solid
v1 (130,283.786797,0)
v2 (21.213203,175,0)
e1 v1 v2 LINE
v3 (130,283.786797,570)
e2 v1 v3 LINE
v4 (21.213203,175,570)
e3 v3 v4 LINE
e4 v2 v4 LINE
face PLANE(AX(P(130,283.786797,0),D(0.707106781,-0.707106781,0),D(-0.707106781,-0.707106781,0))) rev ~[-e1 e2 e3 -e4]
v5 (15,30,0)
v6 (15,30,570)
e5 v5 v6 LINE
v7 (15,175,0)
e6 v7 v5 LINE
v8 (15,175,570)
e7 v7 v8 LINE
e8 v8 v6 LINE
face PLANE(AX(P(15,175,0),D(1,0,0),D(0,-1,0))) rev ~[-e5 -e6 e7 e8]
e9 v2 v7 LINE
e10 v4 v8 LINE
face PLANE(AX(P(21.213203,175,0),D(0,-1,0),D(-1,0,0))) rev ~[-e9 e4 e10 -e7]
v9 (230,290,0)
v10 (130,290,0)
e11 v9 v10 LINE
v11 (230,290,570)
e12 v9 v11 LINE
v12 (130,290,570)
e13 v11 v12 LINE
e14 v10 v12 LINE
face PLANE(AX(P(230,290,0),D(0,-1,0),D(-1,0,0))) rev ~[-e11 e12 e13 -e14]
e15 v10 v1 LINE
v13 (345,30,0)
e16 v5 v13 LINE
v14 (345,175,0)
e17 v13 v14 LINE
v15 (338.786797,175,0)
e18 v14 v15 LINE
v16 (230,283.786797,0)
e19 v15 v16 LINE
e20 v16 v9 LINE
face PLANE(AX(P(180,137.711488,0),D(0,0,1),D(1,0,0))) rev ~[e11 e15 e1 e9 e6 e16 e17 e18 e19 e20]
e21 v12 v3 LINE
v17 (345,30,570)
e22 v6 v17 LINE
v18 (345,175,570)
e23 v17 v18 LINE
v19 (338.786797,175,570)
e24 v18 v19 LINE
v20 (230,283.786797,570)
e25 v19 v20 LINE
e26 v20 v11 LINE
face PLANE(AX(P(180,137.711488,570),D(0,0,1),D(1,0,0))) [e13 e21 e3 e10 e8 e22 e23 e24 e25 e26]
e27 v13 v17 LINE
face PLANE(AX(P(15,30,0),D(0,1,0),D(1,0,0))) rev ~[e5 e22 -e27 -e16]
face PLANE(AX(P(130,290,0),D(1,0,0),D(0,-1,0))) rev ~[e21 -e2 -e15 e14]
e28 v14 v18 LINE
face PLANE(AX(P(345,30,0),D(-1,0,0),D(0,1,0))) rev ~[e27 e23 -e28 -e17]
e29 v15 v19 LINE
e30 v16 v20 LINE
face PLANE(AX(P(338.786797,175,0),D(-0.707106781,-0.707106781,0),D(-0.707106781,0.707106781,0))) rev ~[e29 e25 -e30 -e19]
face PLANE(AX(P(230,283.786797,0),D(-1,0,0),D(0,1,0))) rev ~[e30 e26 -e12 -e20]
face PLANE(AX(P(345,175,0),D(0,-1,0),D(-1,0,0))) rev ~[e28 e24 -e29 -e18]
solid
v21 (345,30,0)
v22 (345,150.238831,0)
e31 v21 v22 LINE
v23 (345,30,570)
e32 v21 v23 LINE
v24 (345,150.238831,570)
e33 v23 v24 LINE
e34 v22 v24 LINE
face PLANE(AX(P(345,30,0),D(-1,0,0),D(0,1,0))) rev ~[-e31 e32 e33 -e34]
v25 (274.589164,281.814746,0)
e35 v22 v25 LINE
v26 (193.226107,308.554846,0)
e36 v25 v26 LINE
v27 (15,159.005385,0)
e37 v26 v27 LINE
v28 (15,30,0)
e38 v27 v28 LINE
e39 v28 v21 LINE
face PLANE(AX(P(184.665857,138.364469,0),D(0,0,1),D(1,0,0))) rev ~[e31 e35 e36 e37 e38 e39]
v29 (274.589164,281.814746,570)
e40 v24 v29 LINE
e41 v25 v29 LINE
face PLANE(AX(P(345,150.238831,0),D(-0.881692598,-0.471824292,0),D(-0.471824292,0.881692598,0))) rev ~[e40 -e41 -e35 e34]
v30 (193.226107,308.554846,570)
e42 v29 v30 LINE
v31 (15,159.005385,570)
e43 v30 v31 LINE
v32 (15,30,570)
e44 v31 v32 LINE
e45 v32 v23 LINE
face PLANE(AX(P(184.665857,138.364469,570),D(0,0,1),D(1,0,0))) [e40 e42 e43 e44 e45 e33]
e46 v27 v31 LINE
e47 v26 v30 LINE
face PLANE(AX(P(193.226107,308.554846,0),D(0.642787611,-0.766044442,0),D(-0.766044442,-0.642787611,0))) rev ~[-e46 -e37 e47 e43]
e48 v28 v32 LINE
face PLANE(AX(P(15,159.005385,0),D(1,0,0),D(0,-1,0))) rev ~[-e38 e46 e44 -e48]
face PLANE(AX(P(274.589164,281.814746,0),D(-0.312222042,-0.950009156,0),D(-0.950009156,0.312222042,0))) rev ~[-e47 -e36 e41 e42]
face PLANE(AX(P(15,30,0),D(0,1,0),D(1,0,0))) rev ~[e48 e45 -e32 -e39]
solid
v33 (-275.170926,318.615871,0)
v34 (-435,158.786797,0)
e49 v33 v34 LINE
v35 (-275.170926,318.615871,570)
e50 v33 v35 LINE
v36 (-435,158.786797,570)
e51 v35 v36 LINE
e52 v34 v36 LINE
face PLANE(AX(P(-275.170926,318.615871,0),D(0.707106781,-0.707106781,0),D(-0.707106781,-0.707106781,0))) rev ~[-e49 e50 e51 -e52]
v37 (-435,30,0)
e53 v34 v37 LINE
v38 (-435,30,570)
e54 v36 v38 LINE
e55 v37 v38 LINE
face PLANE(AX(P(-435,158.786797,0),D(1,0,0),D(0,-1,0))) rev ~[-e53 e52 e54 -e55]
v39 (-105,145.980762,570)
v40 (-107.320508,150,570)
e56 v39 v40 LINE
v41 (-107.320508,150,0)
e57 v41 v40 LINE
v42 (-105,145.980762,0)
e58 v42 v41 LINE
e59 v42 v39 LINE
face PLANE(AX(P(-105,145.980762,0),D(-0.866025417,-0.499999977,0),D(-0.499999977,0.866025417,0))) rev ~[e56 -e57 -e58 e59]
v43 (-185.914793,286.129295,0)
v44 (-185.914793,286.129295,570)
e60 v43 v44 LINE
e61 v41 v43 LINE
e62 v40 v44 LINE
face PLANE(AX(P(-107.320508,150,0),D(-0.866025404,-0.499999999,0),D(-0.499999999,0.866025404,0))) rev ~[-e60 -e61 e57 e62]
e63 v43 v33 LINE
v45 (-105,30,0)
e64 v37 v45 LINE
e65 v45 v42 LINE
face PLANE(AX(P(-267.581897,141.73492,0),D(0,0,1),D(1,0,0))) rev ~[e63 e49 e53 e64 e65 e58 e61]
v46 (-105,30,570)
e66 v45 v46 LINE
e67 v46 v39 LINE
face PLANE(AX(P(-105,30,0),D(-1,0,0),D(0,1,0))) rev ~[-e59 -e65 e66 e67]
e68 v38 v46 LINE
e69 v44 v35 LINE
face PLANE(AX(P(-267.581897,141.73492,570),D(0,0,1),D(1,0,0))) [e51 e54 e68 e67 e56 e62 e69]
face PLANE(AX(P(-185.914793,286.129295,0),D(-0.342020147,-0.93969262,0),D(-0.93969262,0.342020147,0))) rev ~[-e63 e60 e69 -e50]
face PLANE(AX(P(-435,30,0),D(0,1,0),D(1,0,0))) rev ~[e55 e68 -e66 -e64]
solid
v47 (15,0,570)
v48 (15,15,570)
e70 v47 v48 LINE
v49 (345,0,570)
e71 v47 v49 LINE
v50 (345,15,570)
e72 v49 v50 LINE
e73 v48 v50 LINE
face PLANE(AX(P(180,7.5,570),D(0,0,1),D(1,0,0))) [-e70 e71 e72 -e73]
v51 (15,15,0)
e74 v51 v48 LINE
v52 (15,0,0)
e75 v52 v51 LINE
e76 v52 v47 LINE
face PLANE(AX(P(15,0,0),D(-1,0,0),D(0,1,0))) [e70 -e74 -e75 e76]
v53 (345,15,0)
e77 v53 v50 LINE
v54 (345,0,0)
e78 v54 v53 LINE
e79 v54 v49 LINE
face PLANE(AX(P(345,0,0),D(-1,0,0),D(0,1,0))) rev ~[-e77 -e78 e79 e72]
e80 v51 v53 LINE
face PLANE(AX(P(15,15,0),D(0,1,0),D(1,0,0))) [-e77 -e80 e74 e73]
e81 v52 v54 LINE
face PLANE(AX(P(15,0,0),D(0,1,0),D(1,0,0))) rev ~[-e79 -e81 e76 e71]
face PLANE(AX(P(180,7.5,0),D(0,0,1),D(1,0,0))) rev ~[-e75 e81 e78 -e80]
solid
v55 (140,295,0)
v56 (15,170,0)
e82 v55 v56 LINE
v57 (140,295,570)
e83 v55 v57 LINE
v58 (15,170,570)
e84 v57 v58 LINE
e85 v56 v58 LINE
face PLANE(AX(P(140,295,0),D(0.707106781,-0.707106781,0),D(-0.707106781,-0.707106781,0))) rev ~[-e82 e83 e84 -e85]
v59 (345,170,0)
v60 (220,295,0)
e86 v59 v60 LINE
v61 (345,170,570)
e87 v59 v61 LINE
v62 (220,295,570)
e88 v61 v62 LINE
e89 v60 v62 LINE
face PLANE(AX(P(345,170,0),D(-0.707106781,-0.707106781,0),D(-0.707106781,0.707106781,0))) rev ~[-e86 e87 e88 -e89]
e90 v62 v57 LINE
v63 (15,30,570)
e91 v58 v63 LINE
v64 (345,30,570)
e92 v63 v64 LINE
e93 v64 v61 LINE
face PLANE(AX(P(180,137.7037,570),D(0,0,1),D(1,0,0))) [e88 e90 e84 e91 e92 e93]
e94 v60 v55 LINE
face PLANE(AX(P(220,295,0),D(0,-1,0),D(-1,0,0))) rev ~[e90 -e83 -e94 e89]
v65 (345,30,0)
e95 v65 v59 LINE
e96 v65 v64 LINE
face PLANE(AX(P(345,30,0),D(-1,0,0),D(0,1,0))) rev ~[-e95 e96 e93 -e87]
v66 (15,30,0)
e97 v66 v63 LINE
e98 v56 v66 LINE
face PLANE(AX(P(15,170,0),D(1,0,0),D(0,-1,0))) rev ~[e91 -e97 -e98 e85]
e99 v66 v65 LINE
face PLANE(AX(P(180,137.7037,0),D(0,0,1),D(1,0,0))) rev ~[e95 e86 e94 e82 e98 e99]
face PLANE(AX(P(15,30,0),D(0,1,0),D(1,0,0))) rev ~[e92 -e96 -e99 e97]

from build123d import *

# Parameters (mm, degrees)
F2_DEPTH = 570
F5_DEPTH = 570
F4_W     = 330
F4_H     = 15
F6_DEPTH = 570
F8_DEPTH = 570
F9_DEPTH = 570


with BuildPart() as f2:
    # F1 (on Top) → F2 (new body)
    with BuildSketch(Plane.XY):
        Polygon((15, 159.005385), (15, 30), (345, 30), (345, 150.238831), (274.589164, 281.814746), (193.226107, 308.554846), align=None)
    extrude(amount=F2_DEPTH)


with BuildPart() as f5:
    # F4 (on Top) → F5 (new body)
    with BuildSketch(Plane.XY):
        Polygon((15, 170), (15, 30), (345, 30), (345, 170), (220, 295), (140, 295), align=None)
    extrude(amount=F5_DEPTH)


with BuildPart() as f6:
    # F4 (on Top) → F6 (new body)
    with BuildSketch(Plane.XY):
        with Locations((180, 7.5)):
            Rectangle(F4_W, F4_H)
    extrude(amount=F6_DEPTH)


with BuildPart() as f8:
    # F7 (on Top) → F8 (new body)
    with BuildSketch(Plane.XY):
        Polygon((-275.170926, 318.615871), (-435, 158.786797), (-435, 150), (-435, 30), (-105, 30), (-105, 141.339746), (-105, 145.980762), (-107.320508, 150), (-185.914793, 286.129295), align=None)
    extrude(amount=F8_DEPTH)


with BuildPart() as f9:
    # F3 (on Top) → F9 (new body)
    with BuildSketch(Plane.XY):
        Polygon((15, 175), (15, 30), (345, 30), (345, 175), (338.786797, 175), (230, 283.786797), (230, 290), (130, 290), (130, 283.786797), (21.213203, 175), align=None)
    extrude(amount=F9_DEPTH)


solid = Compound([f2.part, f5.part, f6.part, f8.part, f9.part])
